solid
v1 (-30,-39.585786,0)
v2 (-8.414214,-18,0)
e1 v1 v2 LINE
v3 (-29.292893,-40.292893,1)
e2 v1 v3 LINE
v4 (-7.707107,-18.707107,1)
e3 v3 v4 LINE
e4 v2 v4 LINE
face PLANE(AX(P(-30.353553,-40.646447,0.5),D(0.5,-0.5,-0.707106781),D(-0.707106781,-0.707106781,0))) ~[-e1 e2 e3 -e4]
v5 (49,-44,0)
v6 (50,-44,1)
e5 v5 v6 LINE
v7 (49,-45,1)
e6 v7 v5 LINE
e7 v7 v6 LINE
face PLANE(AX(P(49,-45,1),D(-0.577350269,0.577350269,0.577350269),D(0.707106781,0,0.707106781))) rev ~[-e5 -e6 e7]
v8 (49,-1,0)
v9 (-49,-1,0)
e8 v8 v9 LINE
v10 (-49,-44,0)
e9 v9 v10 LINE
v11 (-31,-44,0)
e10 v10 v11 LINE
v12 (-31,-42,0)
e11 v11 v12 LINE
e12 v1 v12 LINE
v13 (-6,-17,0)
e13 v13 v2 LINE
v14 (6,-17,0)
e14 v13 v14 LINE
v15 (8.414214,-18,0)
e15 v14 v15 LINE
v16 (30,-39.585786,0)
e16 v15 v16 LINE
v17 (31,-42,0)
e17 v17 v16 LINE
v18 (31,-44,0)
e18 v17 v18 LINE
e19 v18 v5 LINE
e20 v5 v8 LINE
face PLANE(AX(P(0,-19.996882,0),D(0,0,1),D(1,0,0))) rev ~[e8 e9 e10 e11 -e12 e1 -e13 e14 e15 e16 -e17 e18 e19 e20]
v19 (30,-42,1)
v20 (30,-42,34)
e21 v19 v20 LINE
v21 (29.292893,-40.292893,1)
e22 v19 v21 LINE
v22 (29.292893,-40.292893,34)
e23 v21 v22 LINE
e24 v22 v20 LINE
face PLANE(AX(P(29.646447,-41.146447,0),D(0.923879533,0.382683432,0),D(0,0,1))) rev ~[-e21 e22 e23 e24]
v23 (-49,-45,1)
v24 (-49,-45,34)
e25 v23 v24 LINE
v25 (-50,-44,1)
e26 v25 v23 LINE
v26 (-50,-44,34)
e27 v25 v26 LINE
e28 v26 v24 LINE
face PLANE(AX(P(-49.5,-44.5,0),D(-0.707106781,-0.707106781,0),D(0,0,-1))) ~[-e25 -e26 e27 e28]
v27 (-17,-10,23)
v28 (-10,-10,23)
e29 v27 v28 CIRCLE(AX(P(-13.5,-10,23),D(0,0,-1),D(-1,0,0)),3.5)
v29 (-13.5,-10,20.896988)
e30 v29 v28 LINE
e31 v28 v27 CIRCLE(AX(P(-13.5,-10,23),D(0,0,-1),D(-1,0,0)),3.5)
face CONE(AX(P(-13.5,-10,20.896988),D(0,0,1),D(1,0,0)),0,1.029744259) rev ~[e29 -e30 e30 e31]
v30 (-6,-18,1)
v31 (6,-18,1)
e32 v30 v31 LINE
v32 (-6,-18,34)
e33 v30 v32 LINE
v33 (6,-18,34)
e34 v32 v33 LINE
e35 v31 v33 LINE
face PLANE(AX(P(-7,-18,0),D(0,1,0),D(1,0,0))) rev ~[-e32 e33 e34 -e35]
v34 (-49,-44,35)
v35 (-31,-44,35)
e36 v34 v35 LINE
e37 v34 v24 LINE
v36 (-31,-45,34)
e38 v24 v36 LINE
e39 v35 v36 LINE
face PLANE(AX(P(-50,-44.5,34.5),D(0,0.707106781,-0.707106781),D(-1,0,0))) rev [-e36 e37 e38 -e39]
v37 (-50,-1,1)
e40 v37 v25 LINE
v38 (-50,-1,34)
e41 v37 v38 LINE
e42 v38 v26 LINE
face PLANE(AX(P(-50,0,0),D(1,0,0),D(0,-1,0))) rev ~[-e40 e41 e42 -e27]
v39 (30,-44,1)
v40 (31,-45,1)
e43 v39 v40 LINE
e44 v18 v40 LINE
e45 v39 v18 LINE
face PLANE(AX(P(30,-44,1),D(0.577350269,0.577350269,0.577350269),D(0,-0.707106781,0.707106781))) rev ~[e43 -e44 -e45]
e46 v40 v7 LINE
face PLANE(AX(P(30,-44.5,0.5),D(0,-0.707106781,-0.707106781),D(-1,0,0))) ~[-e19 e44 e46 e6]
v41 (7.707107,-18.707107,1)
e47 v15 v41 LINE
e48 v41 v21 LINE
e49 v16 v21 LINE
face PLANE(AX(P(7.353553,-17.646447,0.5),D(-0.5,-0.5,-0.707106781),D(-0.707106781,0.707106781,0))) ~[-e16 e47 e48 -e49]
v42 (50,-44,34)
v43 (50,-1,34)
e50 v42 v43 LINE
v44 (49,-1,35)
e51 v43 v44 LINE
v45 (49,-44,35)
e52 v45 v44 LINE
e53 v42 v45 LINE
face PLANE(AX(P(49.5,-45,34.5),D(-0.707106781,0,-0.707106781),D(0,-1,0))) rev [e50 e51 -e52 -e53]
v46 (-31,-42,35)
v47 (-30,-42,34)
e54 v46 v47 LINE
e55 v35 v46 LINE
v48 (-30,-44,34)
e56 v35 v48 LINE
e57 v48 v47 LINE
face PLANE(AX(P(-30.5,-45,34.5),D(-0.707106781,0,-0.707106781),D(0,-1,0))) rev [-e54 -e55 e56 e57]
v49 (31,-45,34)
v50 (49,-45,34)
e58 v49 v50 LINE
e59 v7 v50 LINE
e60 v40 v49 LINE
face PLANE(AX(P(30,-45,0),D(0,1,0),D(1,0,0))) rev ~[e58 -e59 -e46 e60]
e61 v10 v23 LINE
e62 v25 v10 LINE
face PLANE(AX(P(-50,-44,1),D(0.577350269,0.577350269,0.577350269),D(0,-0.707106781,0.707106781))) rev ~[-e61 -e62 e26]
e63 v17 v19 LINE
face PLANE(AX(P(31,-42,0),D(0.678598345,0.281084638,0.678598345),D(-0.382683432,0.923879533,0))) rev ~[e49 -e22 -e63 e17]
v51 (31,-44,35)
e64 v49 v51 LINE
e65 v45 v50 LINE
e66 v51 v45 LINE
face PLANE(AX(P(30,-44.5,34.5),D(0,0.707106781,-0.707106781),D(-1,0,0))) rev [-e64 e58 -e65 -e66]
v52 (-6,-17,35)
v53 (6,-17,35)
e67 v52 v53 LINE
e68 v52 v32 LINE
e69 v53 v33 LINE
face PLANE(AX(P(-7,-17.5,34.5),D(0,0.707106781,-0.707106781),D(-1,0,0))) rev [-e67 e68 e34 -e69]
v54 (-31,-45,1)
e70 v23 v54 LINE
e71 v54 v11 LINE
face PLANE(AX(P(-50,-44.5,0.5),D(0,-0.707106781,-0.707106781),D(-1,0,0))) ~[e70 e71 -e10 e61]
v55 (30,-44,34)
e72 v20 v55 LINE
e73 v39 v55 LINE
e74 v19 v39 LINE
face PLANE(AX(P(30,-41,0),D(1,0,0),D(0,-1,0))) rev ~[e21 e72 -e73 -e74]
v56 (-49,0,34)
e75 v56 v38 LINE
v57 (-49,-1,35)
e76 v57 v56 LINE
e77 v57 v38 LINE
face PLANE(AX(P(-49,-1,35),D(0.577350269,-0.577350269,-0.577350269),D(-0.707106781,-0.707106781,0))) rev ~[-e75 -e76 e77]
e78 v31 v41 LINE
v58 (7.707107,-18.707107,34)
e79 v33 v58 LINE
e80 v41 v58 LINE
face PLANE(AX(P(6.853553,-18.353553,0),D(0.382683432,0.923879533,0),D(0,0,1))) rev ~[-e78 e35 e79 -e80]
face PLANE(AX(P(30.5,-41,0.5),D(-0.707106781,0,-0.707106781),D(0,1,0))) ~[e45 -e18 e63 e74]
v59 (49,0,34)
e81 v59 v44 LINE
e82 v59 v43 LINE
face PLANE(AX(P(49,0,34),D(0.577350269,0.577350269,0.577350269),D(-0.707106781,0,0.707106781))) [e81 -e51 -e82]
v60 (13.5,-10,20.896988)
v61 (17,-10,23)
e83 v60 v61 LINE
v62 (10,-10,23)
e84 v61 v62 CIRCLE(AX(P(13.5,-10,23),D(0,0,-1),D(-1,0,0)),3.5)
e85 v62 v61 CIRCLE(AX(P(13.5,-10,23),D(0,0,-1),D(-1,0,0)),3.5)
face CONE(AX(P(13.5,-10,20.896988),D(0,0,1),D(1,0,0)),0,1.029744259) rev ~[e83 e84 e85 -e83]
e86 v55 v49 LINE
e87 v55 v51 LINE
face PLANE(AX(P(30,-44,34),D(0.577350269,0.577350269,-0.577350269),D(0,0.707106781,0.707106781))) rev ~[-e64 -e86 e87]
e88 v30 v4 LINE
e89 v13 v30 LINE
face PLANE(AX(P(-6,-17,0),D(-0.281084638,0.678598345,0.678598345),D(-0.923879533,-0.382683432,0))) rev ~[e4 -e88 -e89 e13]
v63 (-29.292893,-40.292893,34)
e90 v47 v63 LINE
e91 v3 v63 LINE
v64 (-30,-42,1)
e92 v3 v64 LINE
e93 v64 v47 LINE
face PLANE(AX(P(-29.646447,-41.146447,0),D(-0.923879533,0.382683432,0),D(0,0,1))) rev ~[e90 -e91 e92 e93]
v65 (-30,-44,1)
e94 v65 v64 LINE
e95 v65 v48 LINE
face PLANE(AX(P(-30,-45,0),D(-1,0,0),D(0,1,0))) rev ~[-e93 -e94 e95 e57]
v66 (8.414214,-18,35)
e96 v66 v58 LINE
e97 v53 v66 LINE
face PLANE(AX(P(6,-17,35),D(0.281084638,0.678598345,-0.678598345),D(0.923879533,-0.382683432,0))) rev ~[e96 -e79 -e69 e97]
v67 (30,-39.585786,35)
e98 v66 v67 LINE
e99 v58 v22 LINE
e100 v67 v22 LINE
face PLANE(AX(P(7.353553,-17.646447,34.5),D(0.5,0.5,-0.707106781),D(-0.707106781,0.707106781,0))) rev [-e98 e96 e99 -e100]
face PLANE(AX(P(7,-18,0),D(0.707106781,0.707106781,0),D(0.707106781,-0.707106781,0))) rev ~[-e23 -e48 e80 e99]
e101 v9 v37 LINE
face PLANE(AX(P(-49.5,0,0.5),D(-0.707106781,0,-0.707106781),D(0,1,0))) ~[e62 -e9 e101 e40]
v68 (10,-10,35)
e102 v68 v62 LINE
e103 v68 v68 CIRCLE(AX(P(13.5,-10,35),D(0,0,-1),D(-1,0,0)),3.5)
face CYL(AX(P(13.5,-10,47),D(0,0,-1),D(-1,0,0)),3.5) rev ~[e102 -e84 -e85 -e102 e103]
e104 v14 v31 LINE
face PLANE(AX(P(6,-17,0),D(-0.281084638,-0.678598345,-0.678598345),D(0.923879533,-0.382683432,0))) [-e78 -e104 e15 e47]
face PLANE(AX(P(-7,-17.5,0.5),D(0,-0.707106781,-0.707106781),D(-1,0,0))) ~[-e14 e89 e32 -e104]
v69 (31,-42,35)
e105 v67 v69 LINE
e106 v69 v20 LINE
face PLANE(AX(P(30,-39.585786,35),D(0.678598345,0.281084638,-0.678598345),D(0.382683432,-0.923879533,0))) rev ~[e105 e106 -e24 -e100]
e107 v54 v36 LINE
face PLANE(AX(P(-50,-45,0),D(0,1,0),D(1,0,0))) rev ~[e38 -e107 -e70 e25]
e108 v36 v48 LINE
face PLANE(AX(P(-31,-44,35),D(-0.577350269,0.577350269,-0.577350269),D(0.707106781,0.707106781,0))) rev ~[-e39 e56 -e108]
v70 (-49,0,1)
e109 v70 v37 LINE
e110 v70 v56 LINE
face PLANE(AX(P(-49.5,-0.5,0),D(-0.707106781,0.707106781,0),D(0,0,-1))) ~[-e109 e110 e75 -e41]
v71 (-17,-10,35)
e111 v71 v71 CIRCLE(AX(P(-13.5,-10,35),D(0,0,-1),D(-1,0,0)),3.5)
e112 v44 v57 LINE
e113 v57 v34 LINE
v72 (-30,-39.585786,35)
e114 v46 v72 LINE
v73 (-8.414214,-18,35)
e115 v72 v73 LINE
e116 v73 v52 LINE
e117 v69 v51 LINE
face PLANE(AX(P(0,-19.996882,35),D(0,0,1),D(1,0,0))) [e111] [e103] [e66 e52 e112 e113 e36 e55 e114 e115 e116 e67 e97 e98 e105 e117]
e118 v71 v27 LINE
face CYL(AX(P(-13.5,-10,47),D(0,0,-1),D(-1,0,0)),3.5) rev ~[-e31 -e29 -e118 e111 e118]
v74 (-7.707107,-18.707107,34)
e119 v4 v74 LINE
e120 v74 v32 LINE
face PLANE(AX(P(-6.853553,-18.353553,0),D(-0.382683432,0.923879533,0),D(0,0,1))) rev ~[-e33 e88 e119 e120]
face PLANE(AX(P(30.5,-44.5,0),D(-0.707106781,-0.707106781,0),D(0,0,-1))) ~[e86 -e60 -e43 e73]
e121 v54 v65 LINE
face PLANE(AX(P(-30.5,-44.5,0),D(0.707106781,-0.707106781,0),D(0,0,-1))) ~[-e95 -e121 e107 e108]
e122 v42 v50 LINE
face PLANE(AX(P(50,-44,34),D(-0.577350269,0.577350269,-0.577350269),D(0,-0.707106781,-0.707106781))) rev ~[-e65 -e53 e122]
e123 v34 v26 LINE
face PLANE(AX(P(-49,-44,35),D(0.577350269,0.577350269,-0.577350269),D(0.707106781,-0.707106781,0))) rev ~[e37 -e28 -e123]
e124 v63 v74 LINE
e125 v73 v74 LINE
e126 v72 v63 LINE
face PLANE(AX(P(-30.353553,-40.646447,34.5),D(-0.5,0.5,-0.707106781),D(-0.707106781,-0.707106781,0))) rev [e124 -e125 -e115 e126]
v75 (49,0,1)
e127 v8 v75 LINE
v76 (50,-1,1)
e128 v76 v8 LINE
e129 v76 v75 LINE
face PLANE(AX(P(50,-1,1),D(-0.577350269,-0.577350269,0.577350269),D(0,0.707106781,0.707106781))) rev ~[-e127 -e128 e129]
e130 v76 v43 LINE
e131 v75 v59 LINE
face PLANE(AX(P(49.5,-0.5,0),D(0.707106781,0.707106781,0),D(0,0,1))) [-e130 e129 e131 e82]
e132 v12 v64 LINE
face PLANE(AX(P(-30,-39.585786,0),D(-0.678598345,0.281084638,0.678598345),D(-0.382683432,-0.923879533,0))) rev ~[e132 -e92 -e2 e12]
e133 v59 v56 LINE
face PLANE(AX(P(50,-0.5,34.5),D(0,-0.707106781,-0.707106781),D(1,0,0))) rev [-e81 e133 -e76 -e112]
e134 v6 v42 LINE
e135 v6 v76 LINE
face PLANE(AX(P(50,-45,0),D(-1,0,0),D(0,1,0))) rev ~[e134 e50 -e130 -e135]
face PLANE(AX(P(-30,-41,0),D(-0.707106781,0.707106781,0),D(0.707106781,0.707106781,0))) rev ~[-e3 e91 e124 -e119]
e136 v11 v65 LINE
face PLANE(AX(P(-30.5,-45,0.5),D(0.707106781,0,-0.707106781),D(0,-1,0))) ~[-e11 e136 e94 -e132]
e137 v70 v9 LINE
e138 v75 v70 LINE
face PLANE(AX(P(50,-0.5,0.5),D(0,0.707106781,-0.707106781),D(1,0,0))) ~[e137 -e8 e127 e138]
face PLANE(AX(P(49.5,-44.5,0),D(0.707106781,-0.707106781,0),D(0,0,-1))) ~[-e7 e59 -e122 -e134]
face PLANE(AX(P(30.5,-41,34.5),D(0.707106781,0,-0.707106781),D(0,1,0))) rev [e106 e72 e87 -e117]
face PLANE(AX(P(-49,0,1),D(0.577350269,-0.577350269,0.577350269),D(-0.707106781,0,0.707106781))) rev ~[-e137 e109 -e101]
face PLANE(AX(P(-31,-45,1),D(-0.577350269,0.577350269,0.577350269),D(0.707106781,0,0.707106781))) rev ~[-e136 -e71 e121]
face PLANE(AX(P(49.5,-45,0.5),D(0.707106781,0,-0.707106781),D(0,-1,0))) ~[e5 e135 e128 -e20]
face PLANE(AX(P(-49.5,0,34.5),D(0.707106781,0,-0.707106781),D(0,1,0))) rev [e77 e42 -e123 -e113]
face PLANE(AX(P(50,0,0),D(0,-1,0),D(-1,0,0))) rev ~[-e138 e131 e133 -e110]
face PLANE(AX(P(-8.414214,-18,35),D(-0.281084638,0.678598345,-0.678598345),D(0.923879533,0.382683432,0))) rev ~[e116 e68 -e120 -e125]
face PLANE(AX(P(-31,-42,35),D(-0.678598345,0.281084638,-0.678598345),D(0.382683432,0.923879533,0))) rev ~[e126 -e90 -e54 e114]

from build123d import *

# Parameters (mm, degrees)
BOSS_EXTRUDE1_DEPTH          = 35
CHAMFER1_SIZE                = 1
F_7_0_7_DIAMETER_HOLE1_D     = 7
F_7_0_7_DIAMETER_HOLE1_DEPTH = 12
F_7_0_7_DIAMETER_HOLE1_TIP   = 2.103012167


with BuildPart() as part:
    # Sketch1 → Boss-Extrude1 (new body)
    with BuildSketch(Plane.XY):
        Polygon((50, 0), (-50, 0), (-50, -45), (-30, -45), (-30, -41), (-7, -18), (7, -18), (30, -41), (30, -45), (50, -45), align=None)
    extrude(amount=BOSS_EXTRUDE1_DEPTH)

    # Chamfer1
    chamfer1_edges = [part.edges().sort_by_distance(p)[0] for p in [
        (0, -18, 0),
        (-18.5, -29.5, 0),
        (-30, -43, 0),
        (-40, -45, 0),
        (-50, -22.5, 0),
        (0, 0, 0),
        (50, -22.5, 0),
        (40, -45, 35),
        (40, -45, 0),
        (30, -43, 0),
        (18.5, -29.5, 0),
        (50, -22.5, 35),
        (7, -18, 17.5),
        (-7, -18, 17.5),
        (-30, -41, 17.5),
        (-30, -45, 17.5),
        (-50, -45, 17.5),
        (-50, 0, 17.5),
        (50, 0, 17.5),
        (50, -45, 17.5),
        (30, -45, 17.5),
        (30, -41, 17.5),
        (0, 0, 35),
        (-50, -22.5, 35),
        (-40, -45, 35),
        (-30, -43, 35),
        (-18.5, -29.5, 35),
        (0, -18, 35),
        (18.5, -29.5, 35),
        (30, -43, 35),
    ]]
    chamfer(chamfer1_edges, length=CHAMFER1_SIZE)

    # Ø7.0 (7) Diameter Hole1
    with Locations(Plane.XY.offset(35)):
        with Locations((-13.5, -10), (13.5, -10)):
            Hole(F_7_0_7_DIAMETER_HOLE1_D / 2, depth=F_7_0_7_DIAMETER_HOLE1_DEPTH)
            with Locations((0, 0, -(F_7_0_7_DIAMETER_HOLE1_DEPTH + F_7_0_7_DIAMETER_HOLE1_TIP / 2))):  # 118° drill point
                Cone(0, F_7_0_7_DIAMETER_HOLE1_D / 2, F_7_0_7_DIAMETER_HOLE1_TIP, mode=Mode.SUBTRACT)


solid = part.part
